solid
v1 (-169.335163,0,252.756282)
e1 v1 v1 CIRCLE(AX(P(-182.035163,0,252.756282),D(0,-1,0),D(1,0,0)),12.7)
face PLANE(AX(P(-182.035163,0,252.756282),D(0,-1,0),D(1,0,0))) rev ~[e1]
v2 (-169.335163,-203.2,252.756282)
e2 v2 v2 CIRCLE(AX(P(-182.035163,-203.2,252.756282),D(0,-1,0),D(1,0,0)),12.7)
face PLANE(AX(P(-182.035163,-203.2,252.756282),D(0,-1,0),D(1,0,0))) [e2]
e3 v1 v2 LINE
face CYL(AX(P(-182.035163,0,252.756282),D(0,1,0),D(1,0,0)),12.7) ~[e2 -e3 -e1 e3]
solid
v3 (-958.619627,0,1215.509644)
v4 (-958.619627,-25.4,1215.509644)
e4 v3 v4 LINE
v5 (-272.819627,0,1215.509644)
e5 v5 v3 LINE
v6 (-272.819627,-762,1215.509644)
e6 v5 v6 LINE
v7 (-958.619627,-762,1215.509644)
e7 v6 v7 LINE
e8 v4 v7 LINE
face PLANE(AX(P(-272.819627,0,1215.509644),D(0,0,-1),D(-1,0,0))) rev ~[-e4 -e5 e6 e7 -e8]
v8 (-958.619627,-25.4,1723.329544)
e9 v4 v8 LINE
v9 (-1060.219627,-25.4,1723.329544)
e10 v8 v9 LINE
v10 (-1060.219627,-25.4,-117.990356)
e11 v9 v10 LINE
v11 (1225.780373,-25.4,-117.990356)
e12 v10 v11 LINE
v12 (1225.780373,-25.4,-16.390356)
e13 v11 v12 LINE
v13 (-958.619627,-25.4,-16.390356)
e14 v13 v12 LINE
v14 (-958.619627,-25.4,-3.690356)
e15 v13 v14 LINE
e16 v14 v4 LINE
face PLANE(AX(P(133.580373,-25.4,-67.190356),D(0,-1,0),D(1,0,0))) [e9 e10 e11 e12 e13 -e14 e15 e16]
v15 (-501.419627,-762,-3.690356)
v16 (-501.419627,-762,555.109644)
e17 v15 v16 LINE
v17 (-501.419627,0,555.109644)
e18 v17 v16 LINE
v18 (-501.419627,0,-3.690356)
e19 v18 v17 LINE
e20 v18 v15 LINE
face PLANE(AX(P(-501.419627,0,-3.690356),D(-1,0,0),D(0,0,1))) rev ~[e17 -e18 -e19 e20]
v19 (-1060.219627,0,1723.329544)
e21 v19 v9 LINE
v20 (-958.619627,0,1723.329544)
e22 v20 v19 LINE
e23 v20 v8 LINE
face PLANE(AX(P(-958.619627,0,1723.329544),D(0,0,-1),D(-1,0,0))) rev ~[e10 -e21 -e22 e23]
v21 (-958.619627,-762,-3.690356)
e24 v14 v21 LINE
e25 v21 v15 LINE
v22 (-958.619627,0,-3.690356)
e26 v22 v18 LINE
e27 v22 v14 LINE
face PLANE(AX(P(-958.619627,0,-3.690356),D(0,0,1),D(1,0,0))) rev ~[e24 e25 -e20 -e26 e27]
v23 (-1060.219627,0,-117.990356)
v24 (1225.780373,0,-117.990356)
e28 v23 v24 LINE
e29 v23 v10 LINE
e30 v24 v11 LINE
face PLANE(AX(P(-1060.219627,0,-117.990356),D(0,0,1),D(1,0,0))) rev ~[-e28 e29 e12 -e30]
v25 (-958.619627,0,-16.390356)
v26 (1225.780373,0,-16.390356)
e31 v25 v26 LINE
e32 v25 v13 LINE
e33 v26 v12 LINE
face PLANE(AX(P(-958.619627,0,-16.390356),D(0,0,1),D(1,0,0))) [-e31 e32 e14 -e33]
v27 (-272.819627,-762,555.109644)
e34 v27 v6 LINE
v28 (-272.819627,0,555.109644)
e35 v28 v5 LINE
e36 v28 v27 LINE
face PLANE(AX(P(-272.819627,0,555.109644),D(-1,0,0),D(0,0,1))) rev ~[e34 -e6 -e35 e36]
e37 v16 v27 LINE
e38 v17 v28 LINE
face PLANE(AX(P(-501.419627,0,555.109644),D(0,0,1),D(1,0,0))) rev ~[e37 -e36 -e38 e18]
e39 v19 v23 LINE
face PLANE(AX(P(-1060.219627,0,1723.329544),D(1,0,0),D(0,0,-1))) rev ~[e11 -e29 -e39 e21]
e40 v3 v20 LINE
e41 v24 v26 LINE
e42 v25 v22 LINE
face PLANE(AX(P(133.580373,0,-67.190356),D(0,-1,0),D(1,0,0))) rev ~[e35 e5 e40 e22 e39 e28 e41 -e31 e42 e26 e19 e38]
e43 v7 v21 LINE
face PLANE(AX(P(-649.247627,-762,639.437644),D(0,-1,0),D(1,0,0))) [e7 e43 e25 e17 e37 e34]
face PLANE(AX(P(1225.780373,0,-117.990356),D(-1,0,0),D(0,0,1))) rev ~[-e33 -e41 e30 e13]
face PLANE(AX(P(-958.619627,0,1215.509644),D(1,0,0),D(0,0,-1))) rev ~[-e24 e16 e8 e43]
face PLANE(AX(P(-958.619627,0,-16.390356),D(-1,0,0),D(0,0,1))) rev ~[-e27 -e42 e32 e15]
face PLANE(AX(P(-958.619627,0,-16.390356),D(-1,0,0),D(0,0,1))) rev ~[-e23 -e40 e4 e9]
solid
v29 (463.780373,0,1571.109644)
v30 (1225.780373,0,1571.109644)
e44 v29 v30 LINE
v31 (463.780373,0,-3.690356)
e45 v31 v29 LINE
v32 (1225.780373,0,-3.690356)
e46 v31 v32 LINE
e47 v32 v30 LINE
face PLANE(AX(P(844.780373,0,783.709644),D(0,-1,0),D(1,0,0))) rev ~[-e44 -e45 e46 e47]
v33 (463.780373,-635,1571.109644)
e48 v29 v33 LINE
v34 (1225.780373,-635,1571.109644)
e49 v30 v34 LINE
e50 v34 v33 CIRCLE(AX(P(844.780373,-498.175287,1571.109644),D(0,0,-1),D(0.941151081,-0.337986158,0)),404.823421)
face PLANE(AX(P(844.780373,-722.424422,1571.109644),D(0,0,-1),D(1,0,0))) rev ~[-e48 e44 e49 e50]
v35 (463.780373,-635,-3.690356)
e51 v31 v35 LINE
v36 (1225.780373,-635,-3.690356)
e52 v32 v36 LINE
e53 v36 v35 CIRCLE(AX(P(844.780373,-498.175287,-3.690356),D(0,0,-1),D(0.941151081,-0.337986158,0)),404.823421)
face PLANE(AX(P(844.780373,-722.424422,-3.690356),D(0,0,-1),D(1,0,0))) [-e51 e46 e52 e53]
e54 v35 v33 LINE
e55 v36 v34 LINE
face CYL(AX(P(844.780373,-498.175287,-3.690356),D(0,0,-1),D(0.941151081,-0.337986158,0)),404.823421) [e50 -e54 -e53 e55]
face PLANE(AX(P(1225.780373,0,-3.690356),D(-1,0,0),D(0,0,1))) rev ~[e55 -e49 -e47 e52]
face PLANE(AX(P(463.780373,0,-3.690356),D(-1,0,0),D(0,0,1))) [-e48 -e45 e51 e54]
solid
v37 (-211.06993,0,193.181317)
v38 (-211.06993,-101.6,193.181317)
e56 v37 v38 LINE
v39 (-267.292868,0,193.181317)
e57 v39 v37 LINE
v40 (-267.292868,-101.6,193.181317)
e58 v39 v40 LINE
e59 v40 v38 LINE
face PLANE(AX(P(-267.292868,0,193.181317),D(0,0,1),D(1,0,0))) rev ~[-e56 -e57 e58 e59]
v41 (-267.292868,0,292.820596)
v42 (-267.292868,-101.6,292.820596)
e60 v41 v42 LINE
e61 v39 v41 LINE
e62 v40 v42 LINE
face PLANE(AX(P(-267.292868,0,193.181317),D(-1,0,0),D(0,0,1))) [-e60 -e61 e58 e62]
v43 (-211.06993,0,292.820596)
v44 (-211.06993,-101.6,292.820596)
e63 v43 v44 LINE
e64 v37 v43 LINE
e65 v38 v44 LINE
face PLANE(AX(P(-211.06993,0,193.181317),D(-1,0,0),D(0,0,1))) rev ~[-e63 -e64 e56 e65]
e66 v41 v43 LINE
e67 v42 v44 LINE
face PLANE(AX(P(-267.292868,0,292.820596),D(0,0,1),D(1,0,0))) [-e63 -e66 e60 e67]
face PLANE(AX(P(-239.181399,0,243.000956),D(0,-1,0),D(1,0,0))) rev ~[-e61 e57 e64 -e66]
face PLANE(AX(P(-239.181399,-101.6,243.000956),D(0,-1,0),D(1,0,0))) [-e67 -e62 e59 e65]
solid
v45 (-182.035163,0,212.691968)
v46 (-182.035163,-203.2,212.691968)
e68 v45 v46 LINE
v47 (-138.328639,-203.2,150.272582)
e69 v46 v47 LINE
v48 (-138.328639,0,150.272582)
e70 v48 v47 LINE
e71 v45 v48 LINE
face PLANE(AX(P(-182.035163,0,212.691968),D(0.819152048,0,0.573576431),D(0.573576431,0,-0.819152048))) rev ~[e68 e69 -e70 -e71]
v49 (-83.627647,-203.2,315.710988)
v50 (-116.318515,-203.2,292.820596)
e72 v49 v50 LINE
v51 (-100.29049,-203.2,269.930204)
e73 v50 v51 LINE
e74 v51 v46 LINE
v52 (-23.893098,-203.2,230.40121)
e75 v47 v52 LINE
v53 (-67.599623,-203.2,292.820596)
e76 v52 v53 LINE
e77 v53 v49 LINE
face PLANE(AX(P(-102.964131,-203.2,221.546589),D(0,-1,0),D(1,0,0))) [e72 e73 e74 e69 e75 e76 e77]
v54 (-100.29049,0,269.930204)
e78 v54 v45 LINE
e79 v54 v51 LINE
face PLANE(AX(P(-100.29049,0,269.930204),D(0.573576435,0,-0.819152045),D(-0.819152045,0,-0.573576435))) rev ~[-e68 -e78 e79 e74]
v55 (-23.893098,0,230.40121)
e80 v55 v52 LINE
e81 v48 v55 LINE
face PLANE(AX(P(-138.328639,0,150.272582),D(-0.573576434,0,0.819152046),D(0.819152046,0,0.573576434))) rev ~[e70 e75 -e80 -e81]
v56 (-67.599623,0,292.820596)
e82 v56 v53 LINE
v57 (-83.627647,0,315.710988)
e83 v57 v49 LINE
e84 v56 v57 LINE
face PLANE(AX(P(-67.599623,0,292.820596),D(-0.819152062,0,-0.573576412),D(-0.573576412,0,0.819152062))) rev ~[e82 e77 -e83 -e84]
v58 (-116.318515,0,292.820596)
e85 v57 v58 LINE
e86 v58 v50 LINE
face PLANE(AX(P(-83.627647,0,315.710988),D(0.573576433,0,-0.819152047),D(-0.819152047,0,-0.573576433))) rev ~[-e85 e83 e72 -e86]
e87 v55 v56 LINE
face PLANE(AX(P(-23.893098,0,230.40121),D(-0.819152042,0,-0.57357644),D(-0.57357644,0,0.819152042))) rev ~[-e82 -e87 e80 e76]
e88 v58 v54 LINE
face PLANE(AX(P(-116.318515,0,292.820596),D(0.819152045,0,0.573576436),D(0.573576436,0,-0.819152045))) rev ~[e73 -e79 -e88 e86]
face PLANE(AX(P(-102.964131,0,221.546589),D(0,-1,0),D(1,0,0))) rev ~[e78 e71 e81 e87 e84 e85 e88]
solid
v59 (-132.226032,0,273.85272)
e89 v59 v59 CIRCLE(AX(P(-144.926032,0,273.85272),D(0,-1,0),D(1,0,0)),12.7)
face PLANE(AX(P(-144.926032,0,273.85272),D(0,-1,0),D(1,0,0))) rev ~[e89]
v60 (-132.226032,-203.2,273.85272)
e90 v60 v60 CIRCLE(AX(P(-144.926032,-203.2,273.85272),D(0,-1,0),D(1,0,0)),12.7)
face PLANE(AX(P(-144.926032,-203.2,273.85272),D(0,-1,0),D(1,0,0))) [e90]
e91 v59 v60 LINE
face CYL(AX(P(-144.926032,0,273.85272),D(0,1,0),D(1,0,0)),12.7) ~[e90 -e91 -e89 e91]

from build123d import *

# Parameters (mm, degrees)
F1_DEPTH = 762
F0_W     = 762
F0_H     = 1574.8
F2_DEPTH = 635
F4_DEPTH = 1574.8
F0_R     = 12.7
F5_DEPTH = 203.2
F0_W_2   = 56.222939
F0_H_2   = 99.639279
F6_DEPTH = 101.6
F0_W_3   = 2184.4
F0_H_3   = 101.6
F7_DEPTH = 25.4


with BuildPart() as f1:
    # F0 (on Front) → F1 (new body)
    with BuildSketch(Plane.XZ):
        Polygon((-958.619627, 1215.509644), (-958.619627, -3.690356), (-501.419627, -3.690356), (-501.419627, 555.109644), (-272.819627, 555.109644), (-272.819627, 1215.509644), (-501.419627, 1215.509644), align=None)
    extrude(amount=F1_DEPTH)

    # F0 (on Front) → F7 (join)
    with BuildSketch(Plane.XZ):
        with Locations((133.580373, -67.190356)):
            Rectangle(F0_W_3, F0_H_3)
        Polygon((-1060.219627, -117.990356), (-958.619627, -117.990356), (-958.619627, -16.390356), (-958.619627, -3.690356), (-958.619627, 1215.509644), (-958.619627, 1723.329544), (-1060.219627, 1723.329544), align=None)
    extrude(amount=F7_DEPTH)


with BuildPart() as f2:
    # F0 (on Front) → F2 (new body)
    with BuildSketch(Plane.XZ):
        with Locations((844.780373, 783.709644)):
            Rectangle(F0_W, F0_H)
    extrude(amount=F2_DEPTH)

    # F3 (on face) → F4 (join)
    with BuildSketch(Plane(origin=(0, 0, -3.690356), x_dir=(1, 0, 0), z_dir=(0, 0, -1))):
        with BuildLine():
            Line((463.780373, 635), (1225.780373, 635))
            ThreePointArc((1225.780373, 635), (844.780373, 902.998708), (463.780373, 635))
        make_face()
    extrude(amount=-F4_DEPTH)


with BuildPart() as f5:
    # F0 (on Front) → F5 (new body)
    with BuildSketch(Plane.XZ):
        Polygon((-182.035163, 212.691968), (-138.328639, 150.272582), (-23.893098, 230.40121), (-67.599623, 292.820596), (-100.29049, 269.930204), align=None)
        Polygon((-100.29049, 269.930204), (-67.599623, 292.820596), (-83.627647, 315.710988), (-116.318515, 292.820596), align=None)
        with Locations((-182.035163, 252.756282)):
            Circle(F0_R)
        with Locations((-144.926032, 273.85272)):
            Circle(F0_R)
    extrude(amount=F5_DEPTH)


with BuildPart() as f6:
    # F0 (on Front) → F6 (new body)
    with BuildSketch(Plane.XZ):
        with Locations((-239.181399, 243.000956)):
            Rectangle(F0_W_2, F0_H_2)
    extrude(amount=F6_DEPTH)


solid = Compound([f1.part, f2.part, f5.part, f6.part])
